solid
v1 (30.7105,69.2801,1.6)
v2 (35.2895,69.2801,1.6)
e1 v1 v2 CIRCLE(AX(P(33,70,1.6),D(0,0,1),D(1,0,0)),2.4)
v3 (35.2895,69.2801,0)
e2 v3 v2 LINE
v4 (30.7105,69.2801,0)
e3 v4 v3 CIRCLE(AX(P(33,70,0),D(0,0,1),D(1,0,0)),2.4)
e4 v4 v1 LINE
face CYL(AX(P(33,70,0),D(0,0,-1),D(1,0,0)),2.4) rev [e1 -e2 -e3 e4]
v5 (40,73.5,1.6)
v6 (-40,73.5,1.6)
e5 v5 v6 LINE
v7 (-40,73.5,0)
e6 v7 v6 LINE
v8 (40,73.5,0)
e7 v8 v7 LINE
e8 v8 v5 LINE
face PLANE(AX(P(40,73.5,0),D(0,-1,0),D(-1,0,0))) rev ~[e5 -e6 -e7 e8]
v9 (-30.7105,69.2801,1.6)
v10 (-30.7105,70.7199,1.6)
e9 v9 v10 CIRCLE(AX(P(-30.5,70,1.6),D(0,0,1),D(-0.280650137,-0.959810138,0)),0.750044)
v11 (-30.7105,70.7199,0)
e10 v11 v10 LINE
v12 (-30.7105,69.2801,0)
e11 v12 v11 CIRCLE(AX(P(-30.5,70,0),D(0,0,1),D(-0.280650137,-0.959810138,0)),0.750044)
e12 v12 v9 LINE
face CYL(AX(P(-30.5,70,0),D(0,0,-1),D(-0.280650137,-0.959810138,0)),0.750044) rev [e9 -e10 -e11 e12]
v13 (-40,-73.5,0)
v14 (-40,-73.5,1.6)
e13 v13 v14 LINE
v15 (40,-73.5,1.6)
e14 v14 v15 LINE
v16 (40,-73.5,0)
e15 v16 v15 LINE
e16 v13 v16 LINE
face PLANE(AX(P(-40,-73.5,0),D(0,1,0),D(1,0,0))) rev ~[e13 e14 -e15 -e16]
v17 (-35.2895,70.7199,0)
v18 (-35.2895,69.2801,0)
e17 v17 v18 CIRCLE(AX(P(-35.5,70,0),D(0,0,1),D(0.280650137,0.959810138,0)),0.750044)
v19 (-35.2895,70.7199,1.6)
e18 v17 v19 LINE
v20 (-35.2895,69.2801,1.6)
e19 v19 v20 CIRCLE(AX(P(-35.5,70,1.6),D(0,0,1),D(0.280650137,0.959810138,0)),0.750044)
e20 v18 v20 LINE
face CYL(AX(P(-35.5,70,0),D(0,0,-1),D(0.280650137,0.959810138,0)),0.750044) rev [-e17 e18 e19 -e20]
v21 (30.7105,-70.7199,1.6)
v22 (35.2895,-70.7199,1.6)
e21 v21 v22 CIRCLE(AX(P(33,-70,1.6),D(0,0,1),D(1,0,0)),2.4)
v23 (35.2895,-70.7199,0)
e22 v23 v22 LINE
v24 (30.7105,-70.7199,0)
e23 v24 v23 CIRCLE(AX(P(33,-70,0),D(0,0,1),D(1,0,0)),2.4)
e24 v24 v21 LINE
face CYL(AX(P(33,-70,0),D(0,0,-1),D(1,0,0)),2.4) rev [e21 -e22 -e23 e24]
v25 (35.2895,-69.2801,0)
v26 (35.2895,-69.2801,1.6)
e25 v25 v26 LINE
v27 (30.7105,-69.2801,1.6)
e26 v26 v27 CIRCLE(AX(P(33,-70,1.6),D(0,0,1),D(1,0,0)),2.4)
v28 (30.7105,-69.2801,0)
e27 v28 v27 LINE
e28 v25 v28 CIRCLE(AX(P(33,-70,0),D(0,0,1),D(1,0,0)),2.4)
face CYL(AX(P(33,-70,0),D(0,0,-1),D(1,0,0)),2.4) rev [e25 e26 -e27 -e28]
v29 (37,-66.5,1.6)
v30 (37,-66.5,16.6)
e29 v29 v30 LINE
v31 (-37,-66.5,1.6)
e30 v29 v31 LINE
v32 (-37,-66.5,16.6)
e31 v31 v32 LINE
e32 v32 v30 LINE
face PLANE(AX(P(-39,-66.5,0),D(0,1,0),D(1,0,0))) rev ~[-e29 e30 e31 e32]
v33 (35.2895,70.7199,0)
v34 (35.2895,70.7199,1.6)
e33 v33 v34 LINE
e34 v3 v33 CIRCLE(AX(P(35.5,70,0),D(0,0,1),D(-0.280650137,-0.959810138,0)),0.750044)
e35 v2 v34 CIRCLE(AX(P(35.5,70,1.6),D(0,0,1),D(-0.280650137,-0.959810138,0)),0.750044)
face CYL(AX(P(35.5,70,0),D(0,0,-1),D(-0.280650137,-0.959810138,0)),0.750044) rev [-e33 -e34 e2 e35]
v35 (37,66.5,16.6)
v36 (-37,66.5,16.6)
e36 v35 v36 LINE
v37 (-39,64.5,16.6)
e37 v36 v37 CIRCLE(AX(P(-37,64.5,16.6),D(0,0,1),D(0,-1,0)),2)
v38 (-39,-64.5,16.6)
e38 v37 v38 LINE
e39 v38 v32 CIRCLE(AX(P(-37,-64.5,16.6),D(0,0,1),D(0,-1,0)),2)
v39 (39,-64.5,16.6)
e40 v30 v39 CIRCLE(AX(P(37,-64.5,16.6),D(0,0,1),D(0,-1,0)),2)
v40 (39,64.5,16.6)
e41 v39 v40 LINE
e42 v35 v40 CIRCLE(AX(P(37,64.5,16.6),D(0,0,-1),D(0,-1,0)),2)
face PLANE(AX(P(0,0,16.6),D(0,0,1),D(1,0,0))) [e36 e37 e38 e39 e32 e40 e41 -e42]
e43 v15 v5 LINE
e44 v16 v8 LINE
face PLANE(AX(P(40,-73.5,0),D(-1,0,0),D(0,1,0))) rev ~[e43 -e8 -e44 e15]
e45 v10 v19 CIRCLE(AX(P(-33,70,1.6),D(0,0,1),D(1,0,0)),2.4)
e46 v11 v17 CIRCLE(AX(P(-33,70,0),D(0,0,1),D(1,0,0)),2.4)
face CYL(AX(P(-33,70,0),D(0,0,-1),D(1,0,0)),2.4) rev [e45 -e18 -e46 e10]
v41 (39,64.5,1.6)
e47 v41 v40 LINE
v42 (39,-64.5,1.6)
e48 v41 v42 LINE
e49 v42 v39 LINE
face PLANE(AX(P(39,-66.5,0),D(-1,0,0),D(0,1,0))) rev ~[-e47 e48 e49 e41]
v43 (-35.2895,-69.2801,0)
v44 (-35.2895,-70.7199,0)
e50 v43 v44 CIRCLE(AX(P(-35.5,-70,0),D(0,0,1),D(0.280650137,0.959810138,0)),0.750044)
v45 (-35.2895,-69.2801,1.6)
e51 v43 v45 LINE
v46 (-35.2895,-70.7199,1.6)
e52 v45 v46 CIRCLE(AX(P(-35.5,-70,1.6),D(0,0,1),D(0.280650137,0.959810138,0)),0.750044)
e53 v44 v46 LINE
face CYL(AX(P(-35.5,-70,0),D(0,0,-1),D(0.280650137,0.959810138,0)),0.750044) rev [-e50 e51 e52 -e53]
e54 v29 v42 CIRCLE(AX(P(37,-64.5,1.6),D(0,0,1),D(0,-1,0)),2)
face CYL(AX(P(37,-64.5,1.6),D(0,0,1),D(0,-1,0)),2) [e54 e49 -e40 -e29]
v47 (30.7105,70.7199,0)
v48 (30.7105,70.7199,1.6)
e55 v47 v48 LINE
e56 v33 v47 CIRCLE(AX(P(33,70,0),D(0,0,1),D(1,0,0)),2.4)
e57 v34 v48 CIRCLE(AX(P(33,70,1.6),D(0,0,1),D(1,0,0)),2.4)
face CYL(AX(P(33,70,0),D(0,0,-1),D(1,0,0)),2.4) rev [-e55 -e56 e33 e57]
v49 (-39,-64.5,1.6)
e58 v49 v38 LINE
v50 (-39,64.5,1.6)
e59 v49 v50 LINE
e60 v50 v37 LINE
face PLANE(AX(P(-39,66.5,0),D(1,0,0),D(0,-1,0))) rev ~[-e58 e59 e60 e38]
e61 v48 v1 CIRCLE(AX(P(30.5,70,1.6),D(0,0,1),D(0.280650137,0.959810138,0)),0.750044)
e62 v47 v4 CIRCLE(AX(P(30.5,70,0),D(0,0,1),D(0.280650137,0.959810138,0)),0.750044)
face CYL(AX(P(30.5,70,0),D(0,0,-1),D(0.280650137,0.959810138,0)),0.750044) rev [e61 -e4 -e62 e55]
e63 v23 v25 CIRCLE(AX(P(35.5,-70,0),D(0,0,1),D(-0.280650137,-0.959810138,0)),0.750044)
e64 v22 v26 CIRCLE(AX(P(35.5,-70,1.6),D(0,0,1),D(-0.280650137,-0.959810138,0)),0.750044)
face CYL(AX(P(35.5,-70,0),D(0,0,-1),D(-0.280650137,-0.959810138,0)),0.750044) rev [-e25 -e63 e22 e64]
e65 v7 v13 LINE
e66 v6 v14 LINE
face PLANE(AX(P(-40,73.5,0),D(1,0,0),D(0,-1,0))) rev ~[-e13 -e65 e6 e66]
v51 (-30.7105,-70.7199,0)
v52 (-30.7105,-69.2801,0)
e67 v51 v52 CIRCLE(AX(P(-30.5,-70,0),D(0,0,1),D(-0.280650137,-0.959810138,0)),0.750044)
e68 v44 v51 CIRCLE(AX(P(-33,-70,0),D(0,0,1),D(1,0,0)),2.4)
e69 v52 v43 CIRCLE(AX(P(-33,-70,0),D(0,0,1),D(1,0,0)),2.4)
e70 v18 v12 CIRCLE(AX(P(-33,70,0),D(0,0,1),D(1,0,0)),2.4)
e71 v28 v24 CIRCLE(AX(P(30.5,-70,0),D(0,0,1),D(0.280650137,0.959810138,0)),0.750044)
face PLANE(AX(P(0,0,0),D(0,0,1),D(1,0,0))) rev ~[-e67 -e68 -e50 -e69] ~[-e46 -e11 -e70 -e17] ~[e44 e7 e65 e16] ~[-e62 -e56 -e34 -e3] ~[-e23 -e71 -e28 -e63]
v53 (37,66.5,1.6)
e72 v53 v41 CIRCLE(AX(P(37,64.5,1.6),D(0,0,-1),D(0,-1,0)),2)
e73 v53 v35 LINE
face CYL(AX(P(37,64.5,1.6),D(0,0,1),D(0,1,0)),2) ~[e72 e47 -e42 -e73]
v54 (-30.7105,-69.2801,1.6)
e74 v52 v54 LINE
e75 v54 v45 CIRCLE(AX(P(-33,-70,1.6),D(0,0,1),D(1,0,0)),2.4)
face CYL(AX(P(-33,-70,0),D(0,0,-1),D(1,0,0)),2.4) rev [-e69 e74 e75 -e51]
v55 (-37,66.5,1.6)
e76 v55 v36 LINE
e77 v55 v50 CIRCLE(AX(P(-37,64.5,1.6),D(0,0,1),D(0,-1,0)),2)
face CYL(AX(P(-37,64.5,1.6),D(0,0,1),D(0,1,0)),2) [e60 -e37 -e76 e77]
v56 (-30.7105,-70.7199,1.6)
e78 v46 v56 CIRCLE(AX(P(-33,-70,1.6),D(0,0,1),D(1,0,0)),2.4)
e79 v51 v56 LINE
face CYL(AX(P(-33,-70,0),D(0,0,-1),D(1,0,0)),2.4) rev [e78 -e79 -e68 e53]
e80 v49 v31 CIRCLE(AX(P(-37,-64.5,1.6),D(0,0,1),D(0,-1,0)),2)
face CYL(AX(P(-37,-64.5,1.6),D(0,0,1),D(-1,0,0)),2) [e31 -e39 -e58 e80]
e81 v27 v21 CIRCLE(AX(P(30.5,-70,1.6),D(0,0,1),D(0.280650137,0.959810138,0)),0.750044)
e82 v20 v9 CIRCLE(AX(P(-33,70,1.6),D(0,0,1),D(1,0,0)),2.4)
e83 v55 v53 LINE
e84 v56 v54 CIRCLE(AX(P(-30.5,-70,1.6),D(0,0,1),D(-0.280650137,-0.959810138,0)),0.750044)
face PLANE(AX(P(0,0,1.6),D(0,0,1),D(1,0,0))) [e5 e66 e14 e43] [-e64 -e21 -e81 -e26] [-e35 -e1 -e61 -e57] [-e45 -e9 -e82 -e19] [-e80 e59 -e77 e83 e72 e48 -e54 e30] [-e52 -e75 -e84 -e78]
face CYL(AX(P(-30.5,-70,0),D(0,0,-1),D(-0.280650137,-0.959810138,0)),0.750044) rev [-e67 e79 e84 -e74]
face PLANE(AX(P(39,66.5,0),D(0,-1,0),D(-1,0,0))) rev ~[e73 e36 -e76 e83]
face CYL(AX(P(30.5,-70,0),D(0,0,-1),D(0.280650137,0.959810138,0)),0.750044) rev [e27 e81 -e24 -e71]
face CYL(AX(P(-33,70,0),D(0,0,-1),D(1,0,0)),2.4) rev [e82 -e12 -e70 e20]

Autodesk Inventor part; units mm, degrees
ref_plane "YZ Plane" through (0, 0, 0) normal (1, 0, 0) x (0, 1, 0)
ref_plane "XZ Plane" through (0, 0, 0) normal (0, 1, 0) x (-1, 0, 0)
ref_plane "XY Plane" through (0, 0, 0) normal (0, 0, 1) x (1, 0, 0)
sketch "Sketch1" plane through (0, 0, 0) normal (0, 0, 1) x (1, 0, 0)
  line L0 (40, 73.5) -> (-40, 73.5)
  line L1 (-40, 73.5) -> (-40, -73.5)
  line L2 (-40, -73.5) -> (40, -73.5)
  line L3 (40, -73.5) -> (40, 73.5)
  line L4 (40, 73.5) -> (-40, -73.5) construction
  line L5 (-40, 73.5) -> (40, -73.5) construction
  line L6 (-33, 70) -> (33, 70) construction
  line L7 (33, 70) -> (33, -70) construction
  line L8 (33, -70) -> (-33, -70) construction
  line L9 (-33, -70) -> (-33, 70) construction
  line L10 (-33, 70) -> (33, -70) construction
  line L11 (33, 70) -> (-33, -70) construction
  line L12 (40, 0) -> (-40, 0) construction
  line L13 (0, 73.5) -> (0, -73.5) construction
  circle A0 centre (33, 70) radius 2.4
  circle A1 centre (-33, 70) radius 2.4
  circle A2 centre (33, -70) radius 2.4
  circle A3 centre (-33, -70) radius 2.4
  line L14 (33, 73.25) -> (33, 66.75) construction
  arc A4 (35.2895, 69.2801) -> (35.2895, 70.7199) centre (35.5, 70) ccw
  arc A5 (30.7105, 70.7199) -> (30.7105, 69.2801) centre (30.5, 70) ccw
  arc A6 (-35.2895, 70.7199) -> (-35.2895, 69.2801) centre (-35.5, 70) ccw
  arc A7 (-30.7105, 69.2801) -> (-30.7105, 70.7199) centre (-30.5, 70) ccw
  arc A8 (35.2895, -70.7199) -> (35.2895, -69.2801) centre (35.5, -70) ccw
  arc A9 (30.7105, -69.2801) -> (30.7105, -70.7199) centre (30.5, -70) ccw
  arc A10 (-35.2895, -69.2801) -> (-35.2895, -70.7199) centre (-35.5, -70) ccw
  arc A11 (-30.7105, -70.7199) -> (-30.7105, -69.2801) centre (-30.5, -70) ccw
  line L15 (39, 66.5) -> (-39, 66.5)
  line L16 (-39, 66.5) -> (-39, -66.5)
  line L17 (-39, -66.5) -> (39, -66.5)
  line L18 (39, -66.5) -> (39, 66.5)
  line L19 (39, 66.5) -> (-39, -66.5) construction
  line L20 (-39, 66.5) -> (39, -66.5) construction
  point P0 (0, 0)
  point P1 (36.25, 70)
  point P2 (29.75, 70)
  point P3 (36.25, -70)
  point P4 (30.7105, 69.2801)
  point P5 (30.7105, 70.7199)
  point P6 (-30.7105, 70.7199)
  point P7 (-30.7105, 69.2801)
  point P8 (-35.2895, 69.2801)
  point P9 (-35.2895, 70.7199)
  point P10 (-30.7105, -69.2801)
  point P11 (-30.7105, -70.7199)
  point P12 (-35.2895, -70.7199)
  point P13 (-35.2895, -69.2801)
  point P14 (35.2895, -69.2801)
  point P15 (35.2895, -70.7199)
  point P16 (30.7105, -70.7199)
  point P17 (30.7105, -69.2801)
  dimension "d0" = 80
  dimension "d1" = 147
  dimension "d19" = 4.8
  dimension "d30" = 6.5
  dimension "d33" = 140
  dimension "d34" = 66
  dimension "d35" = 6.5
  dimension "d36" = 1.5
  dimension "d37" = 7
  dimension "d38" = 1
  dimension "d39" = 133
  dimension "d40" = 78
  dimension "d41" = 14
extrude "Extrusion1" add sketch "Sketch1" along normal blind 1.6 contours L3 L2 L1 L0 | L18 L17 L16 L15
extrude "Extrusion2" add sketch "Sketch1" along normal blind 16.6 contours L18 L17 L16 L15
fillet "Fillet1" radius 2 4 edges at (39, -66.5, 9.1) (39, 66.5, 9.1) (-39, -66.5, 9.1) (-39, 66.5, 9.1)
properties part number "SUSTAINA-POWER-MONITOR-BOARD" material "Acetal Resin, Black"
